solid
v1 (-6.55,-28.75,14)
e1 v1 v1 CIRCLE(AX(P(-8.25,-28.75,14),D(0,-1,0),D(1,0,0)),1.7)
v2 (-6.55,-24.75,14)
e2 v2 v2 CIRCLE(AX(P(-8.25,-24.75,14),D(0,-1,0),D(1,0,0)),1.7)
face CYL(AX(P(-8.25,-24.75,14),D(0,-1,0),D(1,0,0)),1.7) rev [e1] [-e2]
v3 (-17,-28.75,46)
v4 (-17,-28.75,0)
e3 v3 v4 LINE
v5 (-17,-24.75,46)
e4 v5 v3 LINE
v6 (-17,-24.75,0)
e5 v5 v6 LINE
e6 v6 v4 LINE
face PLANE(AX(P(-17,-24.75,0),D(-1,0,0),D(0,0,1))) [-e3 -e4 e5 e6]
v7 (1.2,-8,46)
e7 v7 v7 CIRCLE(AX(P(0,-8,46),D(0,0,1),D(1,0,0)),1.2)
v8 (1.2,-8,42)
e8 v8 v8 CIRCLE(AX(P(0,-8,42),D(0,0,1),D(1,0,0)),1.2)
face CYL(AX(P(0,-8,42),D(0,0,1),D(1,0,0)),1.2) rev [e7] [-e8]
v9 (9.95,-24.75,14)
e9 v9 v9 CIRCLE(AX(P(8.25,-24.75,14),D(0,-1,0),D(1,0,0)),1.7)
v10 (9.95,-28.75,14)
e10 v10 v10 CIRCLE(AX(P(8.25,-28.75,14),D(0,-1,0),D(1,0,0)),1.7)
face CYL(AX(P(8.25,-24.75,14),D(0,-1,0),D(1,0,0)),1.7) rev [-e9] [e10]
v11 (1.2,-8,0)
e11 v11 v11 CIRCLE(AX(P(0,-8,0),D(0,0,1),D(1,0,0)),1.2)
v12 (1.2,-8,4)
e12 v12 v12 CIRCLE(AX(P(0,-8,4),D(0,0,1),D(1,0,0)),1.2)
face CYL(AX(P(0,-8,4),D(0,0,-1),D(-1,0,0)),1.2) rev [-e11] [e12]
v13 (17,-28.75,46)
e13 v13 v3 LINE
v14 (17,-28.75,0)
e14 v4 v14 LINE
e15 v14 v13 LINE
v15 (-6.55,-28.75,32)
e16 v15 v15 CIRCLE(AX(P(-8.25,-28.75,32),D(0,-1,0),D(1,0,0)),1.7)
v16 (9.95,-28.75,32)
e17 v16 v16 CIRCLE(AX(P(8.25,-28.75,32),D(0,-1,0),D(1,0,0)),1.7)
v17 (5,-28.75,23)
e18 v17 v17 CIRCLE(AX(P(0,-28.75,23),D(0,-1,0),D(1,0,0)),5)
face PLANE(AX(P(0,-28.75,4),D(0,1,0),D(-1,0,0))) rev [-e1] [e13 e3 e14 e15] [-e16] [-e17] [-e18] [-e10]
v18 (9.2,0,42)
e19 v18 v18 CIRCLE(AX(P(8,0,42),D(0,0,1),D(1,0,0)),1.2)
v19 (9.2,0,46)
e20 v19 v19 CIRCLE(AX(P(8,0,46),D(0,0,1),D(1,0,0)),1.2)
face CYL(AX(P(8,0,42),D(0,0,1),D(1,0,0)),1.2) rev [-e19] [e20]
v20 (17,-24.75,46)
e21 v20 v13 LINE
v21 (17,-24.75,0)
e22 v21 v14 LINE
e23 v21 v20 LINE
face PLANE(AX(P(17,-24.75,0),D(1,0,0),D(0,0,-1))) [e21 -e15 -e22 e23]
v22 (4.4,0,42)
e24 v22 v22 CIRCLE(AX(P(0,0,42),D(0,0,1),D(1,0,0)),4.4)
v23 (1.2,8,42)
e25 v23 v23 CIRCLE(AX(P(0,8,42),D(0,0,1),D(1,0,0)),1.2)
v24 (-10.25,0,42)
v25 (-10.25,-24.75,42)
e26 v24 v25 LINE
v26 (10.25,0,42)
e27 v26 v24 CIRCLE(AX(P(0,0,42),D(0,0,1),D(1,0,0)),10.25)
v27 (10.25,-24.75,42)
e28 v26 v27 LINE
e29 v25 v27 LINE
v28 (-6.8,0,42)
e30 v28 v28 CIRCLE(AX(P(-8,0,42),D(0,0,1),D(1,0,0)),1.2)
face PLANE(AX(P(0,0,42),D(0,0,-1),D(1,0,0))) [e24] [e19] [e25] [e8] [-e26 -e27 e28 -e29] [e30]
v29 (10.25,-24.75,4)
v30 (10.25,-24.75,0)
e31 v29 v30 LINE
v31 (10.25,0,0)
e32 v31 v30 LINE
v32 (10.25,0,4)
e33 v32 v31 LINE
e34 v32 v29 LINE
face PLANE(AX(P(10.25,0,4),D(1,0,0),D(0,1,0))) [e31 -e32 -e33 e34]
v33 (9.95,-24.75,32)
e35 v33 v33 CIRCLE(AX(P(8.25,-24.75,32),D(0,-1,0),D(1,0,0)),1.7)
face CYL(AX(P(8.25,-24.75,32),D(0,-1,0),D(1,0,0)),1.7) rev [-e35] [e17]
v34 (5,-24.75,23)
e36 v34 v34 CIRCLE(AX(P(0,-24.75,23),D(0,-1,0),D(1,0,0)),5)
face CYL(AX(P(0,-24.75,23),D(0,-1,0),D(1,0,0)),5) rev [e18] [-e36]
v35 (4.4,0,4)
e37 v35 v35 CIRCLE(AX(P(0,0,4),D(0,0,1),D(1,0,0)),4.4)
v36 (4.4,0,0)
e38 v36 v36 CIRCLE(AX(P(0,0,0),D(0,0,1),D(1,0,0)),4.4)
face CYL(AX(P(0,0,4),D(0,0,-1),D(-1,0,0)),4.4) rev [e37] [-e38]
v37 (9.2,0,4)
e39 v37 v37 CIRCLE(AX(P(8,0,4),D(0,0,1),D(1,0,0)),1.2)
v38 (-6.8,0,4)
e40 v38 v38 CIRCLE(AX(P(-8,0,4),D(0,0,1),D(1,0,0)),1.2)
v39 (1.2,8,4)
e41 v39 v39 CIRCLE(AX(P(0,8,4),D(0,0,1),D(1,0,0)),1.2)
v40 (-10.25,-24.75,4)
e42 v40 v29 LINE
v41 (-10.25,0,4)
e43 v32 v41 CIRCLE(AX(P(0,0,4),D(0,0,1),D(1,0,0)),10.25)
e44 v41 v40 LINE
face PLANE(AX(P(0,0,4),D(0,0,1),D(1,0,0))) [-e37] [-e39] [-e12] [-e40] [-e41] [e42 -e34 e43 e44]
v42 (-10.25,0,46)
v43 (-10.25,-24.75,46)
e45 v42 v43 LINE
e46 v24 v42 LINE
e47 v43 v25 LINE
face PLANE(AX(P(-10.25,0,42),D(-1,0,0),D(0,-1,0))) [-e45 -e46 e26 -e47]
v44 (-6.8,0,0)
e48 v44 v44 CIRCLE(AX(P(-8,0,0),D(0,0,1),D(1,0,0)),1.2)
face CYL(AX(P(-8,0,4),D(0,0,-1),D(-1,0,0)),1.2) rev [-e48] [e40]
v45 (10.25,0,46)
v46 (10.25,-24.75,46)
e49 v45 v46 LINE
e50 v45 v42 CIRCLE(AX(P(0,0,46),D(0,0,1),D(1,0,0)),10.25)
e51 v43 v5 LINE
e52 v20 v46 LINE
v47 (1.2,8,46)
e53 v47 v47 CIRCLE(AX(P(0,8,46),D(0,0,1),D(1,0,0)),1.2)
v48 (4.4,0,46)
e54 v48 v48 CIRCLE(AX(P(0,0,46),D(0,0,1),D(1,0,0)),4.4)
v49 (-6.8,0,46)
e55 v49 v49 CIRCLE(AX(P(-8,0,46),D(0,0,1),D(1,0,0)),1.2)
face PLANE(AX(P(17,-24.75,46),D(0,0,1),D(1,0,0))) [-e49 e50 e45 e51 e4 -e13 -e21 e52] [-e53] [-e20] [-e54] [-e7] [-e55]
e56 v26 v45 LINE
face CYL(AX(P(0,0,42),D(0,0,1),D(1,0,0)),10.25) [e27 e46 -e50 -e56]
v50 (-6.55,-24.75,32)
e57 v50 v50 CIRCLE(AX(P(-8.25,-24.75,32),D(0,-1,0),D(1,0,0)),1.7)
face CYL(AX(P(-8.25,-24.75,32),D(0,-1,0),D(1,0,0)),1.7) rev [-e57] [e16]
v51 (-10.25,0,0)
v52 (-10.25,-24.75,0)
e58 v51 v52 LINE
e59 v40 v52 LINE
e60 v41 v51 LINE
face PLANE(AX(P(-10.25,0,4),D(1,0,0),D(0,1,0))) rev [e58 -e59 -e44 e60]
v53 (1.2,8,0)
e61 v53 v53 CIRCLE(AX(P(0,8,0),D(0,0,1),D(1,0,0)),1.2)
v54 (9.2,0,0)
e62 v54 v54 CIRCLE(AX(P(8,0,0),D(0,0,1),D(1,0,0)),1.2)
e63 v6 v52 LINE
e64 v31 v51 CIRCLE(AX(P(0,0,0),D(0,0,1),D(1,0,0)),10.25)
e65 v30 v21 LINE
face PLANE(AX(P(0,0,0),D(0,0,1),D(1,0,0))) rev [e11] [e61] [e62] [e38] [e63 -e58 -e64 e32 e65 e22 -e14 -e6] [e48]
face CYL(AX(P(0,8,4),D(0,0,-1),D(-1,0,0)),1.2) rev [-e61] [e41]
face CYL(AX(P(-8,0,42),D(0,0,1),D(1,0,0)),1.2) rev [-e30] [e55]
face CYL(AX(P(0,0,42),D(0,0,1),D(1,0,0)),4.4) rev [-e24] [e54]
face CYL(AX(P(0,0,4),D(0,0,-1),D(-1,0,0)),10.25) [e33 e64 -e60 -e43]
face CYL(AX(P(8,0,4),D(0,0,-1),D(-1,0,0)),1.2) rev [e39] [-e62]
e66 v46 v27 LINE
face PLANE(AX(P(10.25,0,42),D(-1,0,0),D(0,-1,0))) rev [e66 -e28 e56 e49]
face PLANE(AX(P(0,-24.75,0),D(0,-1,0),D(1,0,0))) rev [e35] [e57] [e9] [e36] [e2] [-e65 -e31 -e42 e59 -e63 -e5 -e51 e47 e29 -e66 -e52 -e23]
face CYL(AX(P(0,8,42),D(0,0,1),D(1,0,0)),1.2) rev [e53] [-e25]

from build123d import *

# Parameters (mm, degrees)
SKETCH1_R           = 1.2
SKETCH1_R_2         = 4.4
BOSS_EXTRUDE1_DEPTH = 4
SKETCH3_W           = 34
SKETCH3_H           = 46
SKETCH3_R           = 5
SKETCH3_R_2         = 1.7
BOSS_EXTRUDE3_DEPTH = 4


with BuildPart() as part:
    # Sketch1 → Boss-Extrude1 (new body)
    with BuildSketch(Plane.XY):
        with BuildLine():
            Line((-10.25, -28.75), (10.25, -28.75))
            Line((10.25, -28.75), (10.25, 0))
            ThreePointArc((10.25, 0), (0, 10.25), (-10.25, 0))
            Line((-10.25, 0), (-10.25, -28.75))
        make_face()
        with Locations((0, 8)):
            Circle(SKETCH1_R, mode=Mode.SUBTRACT)
        with Locations((-8, 0)):
            Circle(SKETCH1_R, mode=Mode.SUBTRACT)
        with Locations((0, -8)):
            Circle(SKETCH1_R, mode=Mode.SUBTRACT)
        with Locations((8, 0)):
            Circle(SKETCH1_R, mode=Mode.SUBTRACT)
        Circle(SKETCH1_R_2, mode=Mode.SUBTRACT)
    boss_extrude1 = extrude(amount=BOSS_EXTRUDE1_DEPTH)

    # Sketch3 → Boss-Extrude3 (add)
    with BuildSketch(Plane(origin=(0, -28.75, 0), x_dir=(-1, 0, 0), z_dir=(0, -1, 0))):
        with Locations((0, -23)):
            Rectangle(SKETCH3_W, SKETCH3_H)
        with Locations(Location((0, -23, 0), (0, 0, 180))):
            Circle(SKETCH3_R, mode=Mode.SUBTRACT)
        with Locations(Location((-8.25, -14, 0), (0, 0, 180))):
            Circle(SKETCH3_R_2, mode=Mode.SUBTRACT)
        with Locations(Location((8.25, -14, 0), (0, 0, 180))):
            Circle(SKETCH3_R_2, mode=Mode.SUBTRACT)
        with Locations(Location((8.25, -32, 0), (0, 0, 180))):
            Circle(SKETCH3_R_2, mode=Mode.SUBTRACT)
        with Locations(Location((-8.25, -32, 0), (0, 0, 180))):
            Circle(SKETCH3_R_2, mode=Mode.SUBTRACT)
    extrude(amount=-BOSS_EXTRUDE3_DEPTH)

    # Mirror1: Boss-Extrude1 across plane
    add(boss_extrude1.mirror(Plane.XY.offset(23)))


solid = part.part
